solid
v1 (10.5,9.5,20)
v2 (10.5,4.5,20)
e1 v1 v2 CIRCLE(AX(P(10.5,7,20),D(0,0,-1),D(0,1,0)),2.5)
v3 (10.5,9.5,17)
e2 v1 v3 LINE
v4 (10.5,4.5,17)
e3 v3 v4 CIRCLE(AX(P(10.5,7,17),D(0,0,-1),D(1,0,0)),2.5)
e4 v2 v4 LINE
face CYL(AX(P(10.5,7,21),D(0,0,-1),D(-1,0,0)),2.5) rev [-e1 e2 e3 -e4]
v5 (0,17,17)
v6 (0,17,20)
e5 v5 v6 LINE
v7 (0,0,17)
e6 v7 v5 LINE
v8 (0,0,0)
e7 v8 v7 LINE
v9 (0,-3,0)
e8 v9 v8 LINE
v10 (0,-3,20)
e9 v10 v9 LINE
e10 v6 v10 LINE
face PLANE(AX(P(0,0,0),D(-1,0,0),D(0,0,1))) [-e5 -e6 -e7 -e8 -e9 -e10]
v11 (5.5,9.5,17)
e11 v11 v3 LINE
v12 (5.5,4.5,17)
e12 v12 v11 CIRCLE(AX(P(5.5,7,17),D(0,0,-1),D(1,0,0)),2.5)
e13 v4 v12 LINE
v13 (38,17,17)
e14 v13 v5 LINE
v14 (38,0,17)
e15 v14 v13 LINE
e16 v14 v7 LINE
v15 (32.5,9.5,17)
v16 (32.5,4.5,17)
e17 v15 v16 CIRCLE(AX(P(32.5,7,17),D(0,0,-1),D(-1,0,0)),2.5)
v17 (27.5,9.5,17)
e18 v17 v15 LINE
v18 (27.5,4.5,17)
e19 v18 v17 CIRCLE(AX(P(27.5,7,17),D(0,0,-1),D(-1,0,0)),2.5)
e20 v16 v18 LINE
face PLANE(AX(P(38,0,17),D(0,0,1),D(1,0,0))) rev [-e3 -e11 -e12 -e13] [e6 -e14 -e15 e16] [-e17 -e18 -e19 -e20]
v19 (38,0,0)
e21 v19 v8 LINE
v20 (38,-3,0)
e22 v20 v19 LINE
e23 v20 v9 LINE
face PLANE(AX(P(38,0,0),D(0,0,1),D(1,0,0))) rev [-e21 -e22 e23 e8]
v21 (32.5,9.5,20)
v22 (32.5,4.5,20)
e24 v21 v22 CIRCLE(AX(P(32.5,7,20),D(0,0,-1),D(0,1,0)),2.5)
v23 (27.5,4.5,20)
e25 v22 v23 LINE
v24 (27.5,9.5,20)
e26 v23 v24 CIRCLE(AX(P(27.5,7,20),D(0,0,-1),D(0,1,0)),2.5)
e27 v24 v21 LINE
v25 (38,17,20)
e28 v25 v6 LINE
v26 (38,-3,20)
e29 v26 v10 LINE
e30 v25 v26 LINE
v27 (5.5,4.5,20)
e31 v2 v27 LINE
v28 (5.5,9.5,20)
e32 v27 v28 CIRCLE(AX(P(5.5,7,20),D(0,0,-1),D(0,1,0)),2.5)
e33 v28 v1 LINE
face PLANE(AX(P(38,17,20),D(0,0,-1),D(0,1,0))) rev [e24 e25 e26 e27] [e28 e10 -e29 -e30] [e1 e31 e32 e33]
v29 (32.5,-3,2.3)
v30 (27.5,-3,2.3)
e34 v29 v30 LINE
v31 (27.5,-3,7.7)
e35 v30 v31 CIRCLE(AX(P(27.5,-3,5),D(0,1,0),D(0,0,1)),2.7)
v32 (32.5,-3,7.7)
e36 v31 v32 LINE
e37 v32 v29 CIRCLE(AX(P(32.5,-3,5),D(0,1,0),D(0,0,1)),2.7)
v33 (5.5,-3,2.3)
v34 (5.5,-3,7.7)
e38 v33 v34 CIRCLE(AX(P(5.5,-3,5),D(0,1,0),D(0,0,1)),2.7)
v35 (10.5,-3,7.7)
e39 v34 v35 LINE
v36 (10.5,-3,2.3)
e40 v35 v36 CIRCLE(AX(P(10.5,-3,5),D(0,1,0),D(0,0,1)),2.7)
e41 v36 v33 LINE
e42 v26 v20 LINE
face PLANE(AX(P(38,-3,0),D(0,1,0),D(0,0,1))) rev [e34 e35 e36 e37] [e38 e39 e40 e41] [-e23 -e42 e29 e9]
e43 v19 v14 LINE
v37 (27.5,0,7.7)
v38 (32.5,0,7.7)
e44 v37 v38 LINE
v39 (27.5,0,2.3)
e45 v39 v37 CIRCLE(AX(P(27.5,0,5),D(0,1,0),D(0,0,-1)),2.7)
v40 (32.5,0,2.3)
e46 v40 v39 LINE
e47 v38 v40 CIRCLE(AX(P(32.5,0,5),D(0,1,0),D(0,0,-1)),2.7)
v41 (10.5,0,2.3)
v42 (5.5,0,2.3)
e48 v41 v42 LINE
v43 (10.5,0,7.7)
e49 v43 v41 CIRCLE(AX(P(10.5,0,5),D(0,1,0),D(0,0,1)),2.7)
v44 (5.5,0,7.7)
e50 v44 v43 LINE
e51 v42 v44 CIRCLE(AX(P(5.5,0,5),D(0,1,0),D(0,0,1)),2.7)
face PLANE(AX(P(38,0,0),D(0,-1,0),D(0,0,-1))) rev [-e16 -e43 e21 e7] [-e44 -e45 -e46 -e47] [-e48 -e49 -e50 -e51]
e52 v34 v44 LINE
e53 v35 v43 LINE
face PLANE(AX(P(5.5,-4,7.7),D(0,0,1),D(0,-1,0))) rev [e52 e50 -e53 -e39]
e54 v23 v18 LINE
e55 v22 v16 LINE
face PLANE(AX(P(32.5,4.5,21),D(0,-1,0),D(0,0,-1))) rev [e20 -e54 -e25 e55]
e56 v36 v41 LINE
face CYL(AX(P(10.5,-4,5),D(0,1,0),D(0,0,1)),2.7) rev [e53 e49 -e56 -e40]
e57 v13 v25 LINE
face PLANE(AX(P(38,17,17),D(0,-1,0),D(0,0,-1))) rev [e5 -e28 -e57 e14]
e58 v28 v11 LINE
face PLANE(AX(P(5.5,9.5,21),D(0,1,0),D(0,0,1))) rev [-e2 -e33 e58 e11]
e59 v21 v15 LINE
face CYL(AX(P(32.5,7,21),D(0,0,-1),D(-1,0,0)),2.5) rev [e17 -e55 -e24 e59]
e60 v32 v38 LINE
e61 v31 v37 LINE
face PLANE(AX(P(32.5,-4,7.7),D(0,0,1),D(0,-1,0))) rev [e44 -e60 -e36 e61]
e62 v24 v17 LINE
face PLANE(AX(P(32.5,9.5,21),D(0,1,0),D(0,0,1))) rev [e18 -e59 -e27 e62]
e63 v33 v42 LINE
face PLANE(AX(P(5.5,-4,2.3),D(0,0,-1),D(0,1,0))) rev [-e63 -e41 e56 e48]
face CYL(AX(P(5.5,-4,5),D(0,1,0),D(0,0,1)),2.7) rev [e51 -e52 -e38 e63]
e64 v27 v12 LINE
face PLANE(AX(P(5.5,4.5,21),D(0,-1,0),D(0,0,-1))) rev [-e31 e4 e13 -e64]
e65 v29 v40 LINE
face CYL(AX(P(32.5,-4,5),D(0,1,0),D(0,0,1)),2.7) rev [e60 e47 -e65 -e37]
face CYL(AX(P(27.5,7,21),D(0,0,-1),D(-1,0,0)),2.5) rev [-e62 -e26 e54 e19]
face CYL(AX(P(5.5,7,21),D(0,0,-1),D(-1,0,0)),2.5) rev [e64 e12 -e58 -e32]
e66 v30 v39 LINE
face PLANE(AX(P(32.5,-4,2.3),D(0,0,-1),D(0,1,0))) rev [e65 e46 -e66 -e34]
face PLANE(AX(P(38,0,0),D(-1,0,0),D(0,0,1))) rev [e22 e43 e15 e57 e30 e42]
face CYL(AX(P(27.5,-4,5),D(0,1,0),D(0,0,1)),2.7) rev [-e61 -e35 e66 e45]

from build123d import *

# Parameters (mm, degrees)
BOSS_EXTRUDE1_DEPTH = 38
CUT_EXTRUDE1_DEPTH  = 4
CUT_EXTRUDE2_DEPTH  = 4


with BuildPart() as part:
    # Sketch1 → Boss-Extrude1 (new body)
    with BuildSketch(Plane(origin=(0, 0, 0), x_dir=(0, 0, -1), z_dir=(1, 0, 0))):
        Polygon((0, 0), (-17, 0), (-17, 17), (-20, 17), (-20, -3), (0, -3), align=None)
    extrude(amount=BOSS_EXTRUDE1_DEPTH)

    # Sketch2 → Cut-Extrude1 (cut)
    with BuildSketch(Plane(origin=(0, 0, 0), x_dir=(1, 0, 0), z_dir=(0, 1, 0))):
        with BuildLine():
            Line((5.5, -2.3), (10.5, -2.3))
            ThreePointArc((10.5, -2.3), (13.2, -5), (10.5, -7.7))
            Line((10.5, -7.7), (5.5, -7.7))
            ThreePointArc((5.5, -7.7), (2.8, -5), (5.5, -2.3))
        make_face()
        with BuildLine():
            Line((32.5, -2.3), (27.5, -2.3))
            ThreePointArc((27.5, -2.3), (24.8, -5), (27.5, -7.7))
            Line((27.5, -7.7), (32.5, -7.7))
            ThreePointArc((32.5, -7.7), (35.2, -5), (32.5, -2.3))
        make_face()
    extrude(amount=-CUT_EXTRUDE1_DEPTH, mode=Mode.SUBTRACT)

    # Sketch3 → Cut-Extrude2 (cut)
    with BuildSketch(Plane(origin=(0, 0, 17), x_dir=(-1, 0, 0), z_dir=(0, 0, -1))):
        with BuildLine():
            Line((-32.5, 9.5), (-27.5, 9.5))
            ThreePointArc((-27.5, 9.5), (-25, 7), (-27.5, 4.5))
            Line((-27.5, 4.5), (-32.5, 4.5))
            ThreePointArc((-32.5, 4.5), (-35, 7), (-32.5, 9.5))
        make_face()
        with BuildLine():
            Line((-5.5, 9.5), (-10.5, 9.5))
            ThreePointArc((-10.5, 9.5), (-13, 7), (-10.5, 4.5))
            Line((-10.5, 4.5), (-5.5, 4.5))
            ThreePointArc((-5.5, 4.5), (-3, 7), (-5.5, 9.5))
        make_face()
    extrude(amount=-CUT_EXTRUDE2_DEPTH, mode=Mode.SUBTRACT)


solid = part.part
